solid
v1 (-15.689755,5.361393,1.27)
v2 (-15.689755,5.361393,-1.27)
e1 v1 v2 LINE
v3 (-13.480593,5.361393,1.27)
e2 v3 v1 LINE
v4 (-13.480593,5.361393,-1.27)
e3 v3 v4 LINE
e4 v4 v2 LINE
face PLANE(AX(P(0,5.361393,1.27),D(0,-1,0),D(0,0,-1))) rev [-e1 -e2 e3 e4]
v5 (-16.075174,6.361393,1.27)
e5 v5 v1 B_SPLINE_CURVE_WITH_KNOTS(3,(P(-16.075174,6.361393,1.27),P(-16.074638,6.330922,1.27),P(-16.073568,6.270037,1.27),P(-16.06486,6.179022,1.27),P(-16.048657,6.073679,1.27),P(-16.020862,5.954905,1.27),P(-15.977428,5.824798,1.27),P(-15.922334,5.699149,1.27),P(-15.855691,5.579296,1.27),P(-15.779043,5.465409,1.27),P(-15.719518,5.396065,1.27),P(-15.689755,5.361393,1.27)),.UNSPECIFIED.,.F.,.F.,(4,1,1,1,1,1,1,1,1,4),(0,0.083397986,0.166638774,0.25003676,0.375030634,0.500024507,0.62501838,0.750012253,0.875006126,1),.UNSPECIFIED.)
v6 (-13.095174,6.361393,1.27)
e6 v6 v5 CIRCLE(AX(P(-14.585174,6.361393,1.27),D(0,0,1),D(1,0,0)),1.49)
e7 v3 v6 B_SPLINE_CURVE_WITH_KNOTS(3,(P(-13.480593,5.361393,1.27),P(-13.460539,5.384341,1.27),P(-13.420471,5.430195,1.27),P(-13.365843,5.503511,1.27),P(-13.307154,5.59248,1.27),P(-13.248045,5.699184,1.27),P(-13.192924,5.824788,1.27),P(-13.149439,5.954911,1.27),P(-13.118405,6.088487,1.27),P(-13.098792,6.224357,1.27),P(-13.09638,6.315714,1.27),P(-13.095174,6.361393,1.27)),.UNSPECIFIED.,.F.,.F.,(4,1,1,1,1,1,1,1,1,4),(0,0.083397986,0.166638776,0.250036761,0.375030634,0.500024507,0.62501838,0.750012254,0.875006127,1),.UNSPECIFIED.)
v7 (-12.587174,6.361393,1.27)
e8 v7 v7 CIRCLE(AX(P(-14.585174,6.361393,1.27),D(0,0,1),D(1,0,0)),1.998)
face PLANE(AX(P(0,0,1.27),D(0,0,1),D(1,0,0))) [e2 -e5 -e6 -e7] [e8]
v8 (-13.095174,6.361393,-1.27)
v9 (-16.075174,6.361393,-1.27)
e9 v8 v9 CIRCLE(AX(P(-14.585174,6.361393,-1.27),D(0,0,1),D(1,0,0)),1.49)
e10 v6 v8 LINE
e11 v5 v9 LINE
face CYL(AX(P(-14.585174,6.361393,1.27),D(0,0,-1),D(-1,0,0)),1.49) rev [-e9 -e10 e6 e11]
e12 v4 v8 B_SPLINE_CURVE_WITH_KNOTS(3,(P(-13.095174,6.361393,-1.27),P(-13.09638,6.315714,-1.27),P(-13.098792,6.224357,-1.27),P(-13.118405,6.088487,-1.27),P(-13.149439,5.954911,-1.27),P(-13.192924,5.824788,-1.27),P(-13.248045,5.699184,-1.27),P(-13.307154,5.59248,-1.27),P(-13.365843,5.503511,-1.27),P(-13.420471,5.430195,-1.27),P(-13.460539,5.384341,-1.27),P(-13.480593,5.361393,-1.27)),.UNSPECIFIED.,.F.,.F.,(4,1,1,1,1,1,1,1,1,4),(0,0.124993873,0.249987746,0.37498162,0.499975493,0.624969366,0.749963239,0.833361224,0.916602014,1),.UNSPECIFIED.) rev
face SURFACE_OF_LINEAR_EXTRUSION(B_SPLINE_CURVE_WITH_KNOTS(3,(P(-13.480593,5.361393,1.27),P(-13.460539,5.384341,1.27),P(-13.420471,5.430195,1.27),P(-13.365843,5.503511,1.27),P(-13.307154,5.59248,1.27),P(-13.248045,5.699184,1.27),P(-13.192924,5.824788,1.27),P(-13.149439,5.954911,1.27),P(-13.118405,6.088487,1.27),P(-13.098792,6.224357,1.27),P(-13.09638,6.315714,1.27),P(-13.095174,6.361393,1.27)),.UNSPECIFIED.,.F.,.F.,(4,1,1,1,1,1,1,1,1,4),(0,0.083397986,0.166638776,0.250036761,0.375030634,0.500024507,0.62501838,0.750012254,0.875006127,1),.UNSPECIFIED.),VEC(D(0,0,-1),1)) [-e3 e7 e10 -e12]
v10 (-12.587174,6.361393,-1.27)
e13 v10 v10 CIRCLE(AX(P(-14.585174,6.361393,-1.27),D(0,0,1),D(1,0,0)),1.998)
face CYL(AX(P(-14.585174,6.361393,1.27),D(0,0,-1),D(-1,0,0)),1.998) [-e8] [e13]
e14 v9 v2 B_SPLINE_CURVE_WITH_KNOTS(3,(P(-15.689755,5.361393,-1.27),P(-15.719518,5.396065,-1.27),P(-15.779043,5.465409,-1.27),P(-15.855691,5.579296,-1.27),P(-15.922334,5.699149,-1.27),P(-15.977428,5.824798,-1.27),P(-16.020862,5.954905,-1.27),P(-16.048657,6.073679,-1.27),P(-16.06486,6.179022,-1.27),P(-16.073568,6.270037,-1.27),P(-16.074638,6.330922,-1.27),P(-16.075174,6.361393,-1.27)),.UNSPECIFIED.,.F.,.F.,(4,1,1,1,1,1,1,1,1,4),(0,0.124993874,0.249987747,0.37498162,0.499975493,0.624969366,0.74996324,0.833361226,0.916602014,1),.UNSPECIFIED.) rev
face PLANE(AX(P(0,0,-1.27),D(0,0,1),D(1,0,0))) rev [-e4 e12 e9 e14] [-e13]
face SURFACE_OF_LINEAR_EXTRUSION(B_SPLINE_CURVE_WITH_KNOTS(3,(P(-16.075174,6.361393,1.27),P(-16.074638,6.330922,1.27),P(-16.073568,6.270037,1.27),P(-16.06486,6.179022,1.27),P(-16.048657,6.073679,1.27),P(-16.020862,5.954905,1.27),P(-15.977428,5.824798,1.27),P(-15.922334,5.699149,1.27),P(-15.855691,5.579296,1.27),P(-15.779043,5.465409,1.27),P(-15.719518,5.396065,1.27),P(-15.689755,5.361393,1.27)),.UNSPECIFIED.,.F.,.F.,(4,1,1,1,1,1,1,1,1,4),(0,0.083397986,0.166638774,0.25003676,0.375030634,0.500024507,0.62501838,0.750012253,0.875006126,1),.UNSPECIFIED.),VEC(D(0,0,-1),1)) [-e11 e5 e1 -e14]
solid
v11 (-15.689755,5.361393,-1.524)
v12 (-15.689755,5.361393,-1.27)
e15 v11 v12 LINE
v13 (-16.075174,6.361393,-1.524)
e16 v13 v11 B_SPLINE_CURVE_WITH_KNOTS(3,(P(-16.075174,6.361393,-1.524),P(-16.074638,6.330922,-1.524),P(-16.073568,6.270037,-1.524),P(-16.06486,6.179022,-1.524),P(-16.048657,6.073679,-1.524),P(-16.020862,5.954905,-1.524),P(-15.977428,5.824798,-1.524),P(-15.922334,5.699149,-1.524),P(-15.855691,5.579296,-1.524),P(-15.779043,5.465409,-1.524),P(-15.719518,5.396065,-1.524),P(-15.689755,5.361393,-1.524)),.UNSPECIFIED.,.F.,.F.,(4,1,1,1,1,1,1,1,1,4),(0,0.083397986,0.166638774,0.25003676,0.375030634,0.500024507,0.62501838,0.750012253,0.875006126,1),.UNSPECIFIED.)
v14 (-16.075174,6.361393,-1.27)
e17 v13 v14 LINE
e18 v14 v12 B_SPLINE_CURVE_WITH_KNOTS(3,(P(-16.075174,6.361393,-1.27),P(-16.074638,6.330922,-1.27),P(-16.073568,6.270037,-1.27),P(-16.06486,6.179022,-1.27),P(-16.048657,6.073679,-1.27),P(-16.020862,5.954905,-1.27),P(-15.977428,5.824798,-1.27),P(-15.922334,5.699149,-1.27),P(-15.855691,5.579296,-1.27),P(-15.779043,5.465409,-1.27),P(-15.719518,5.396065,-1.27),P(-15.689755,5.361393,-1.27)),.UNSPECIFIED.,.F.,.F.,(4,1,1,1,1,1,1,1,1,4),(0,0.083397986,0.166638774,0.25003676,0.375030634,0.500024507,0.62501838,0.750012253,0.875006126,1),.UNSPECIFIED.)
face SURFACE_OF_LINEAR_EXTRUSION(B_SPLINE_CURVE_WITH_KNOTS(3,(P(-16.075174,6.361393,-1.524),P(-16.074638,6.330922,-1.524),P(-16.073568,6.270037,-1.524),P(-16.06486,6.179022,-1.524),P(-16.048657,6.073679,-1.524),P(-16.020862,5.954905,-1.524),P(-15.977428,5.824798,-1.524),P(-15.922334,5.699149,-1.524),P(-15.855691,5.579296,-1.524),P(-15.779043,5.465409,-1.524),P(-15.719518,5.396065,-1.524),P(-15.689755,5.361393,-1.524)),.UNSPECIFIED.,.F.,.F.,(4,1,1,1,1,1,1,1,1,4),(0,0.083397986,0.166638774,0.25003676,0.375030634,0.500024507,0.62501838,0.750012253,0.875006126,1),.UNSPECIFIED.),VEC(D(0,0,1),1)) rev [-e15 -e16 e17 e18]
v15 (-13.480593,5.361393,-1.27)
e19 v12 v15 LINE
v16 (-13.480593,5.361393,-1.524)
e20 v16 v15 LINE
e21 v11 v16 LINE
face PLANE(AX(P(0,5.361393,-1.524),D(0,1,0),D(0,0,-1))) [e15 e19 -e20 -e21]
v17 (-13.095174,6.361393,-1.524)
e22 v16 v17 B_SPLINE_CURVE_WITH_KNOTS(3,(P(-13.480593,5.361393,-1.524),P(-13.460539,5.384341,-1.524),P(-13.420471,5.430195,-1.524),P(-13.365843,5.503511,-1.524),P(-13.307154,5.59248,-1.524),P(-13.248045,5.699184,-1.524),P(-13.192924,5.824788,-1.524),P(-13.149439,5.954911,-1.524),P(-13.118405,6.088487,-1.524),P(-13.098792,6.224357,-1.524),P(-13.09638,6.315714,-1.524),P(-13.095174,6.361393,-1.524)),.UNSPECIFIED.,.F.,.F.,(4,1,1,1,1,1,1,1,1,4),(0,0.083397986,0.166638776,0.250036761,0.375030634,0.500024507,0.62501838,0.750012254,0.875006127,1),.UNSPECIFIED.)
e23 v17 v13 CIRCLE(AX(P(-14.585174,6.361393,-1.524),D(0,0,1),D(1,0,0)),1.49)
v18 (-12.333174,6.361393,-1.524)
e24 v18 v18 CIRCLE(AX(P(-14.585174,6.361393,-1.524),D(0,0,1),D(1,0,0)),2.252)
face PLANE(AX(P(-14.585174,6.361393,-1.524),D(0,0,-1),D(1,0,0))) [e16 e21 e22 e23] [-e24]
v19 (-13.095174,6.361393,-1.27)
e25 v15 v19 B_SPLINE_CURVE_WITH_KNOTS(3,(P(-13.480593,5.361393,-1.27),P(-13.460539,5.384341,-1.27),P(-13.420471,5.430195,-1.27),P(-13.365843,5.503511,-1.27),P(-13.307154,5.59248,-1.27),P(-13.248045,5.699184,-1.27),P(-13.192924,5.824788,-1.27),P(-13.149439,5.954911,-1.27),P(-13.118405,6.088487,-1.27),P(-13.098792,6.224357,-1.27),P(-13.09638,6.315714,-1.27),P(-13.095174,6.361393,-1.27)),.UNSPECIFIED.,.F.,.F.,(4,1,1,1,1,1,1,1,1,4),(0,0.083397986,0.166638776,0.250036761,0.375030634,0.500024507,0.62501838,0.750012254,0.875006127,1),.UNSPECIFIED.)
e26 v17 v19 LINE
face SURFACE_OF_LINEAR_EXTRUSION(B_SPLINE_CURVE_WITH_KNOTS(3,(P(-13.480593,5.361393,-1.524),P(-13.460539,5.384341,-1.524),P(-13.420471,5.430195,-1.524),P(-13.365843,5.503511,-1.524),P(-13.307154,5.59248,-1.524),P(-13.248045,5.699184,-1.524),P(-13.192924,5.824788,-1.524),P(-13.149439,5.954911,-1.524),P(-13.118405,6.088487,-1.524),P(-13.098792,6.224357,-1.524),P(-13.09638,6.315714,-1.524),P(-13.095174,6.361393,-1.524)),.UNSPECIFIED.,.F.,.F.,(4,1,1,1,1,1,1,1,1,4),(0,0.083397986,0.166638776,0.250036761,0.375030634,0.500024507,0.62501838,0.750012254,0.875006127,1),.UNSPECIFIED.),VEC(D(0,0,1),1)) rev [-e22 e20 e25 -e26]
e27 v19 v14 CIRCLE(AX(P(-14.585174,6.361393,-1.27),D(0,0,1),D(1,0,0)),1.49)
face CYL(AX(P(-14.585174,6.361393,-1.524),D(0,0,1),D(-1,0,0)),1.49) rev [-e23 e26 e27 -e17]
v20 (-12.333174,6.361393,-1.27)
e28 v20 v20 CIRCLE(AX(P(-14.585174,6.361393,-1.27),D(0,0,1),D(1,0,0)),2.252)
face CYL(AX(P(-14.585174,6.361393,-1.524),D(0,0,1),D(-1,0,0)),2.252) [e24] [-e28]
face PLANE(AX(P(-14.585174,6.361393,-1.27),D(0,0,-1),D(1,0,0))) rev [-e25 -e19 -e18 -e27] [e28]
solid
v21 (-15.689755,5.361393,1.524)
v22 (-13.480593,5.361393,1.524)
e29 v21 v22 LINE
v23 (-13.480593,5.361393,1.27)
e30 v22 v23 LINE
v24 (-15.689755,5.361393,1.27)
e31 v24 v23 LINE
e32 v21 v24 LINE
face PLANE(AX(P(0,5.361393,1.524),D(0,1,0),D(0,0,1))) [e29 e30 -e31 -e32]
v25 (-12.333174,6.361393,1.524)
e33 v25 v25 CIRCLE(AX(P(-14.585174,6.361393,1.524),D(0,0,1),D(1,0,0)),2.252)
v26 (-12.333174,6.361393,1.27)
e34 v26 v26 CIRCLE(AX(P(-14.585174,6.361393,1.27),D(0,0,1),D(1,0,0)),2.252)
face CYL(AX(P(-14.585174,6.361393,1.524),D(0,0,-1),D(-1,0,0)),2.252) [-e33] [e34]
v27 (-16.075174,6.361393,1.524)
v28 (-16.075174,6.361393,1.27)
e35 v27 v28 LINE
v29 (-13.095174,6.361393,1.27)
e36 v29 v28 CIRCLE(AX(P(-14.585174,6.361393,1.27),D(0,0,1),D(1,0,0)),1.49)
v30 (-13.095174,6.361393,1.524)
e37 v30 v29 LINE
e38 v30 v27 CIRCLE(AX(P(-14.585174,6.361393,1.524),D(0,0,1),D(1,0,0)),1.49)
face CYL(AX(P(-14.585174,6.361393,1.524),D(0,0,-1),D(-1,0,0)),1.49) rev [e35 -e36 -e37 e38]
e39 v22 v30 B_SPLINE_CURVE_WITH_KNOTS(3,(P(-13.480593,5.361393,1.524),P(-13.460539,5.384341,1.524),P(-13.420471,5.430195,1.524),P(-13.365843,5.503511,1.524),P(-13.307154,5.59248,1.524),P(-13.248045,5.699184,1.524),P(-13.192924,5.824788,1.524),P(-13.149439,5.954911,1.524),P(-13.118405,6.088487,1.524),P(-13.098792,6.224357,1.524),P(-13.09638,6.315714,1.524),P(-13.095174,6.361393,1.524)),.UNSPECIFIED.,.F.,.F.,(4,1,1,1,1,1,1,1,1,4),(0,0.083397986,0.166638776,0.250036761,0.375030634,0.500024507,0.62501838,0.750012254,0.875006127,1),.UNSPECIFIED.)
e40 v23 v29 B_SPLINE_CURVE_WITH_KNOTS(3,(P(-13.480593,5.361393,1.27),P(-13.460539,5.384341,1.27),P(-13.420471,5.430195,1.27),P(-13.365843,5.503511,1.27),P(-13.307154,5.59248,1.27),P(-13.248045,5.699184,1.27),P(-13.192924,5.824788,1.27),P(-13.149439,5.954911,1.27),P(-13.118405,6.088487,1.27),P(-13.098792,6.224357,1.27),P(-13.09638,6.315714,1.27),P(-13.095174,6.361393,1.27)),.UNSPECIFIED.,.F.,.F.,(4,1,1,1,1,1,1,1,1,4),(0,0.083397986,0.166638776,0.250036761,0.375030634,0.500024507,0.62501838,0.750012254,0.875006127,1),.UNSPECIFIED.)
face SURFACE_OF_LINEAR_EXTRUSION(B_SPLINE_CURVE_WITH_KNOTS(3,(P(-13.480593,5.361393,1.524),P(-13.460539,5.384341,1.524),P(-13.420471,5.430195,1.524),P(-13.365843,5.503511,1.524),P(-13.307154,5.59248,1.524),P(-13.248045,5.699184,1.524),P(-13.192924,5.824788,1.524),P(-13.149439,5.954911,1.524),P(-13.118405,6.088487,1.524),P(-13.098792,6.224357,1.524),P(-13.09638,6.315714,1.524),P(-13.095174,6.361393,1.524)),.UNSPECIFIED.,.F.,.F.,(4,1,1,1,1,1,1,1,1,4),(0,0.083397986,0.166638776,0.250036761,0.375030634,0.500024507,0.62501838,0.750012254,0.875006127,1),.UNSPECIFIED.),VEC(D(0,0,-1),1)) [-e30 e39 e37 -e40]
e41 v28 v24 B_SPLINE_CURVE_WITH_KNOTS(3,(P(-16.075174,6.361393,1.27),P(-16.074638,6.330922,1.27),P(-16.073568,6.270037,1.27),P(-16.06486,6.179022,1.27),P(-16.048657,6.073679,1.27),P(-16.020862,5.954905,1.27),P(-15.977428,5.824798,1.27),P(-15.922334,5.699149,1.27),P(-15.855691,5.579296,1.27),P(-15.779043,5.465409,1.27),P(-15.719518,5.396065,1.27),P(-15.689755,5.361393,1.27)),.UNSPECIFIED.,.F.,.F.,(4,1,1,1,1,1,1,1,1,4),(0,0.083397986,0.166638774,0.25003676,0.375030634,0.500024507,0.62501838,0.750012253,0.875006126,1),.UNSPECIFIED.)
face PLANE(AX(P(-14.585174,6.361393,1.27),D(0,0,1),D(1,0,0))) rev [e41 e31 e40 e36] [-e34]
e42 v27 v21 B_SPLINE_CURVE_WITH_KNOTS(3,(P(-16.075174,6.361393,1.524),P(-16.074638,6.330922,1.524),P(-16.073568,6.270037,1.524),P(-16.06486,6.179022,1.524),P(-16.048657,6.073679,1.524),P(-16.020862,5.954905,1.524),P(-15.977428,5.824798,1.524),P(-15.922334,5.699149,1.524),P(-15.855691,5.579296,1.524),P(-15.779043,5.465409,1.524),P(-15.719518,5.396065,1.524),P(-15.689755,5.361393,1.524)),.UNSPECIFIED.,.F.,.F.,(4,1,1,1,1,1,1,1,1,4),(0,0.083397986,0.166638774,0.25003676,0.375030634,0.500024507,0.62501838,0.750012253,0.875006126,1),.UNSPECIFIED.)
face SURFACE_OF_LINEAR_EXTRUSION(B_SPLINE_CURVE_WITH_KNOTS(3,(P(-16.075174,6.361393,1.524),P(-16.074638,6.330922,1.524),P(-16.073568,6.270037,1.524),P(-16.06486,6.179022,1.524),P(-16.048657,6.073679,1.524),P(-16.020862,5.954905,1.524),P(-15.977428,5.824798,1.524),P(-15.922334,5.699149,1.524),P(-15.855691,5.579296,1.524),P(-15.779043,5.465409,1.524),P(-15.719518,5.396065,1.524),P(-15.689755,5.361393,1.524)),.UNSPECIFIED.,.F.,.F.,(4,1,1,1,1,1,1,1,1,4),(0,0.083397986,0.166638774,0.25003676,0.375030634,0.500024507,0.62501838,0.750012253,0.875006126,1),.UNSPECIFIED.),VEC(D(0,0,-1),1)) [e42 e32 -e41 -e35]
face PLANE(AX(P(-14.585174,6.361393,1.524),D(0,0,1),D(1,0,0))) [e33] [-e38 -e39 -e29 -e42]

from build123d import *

# Parameters (mm, degrees)
SKETCH1_R           = 1.997999999
BOSS_EXTRUDE1_DEPTH = 1.27
BOSS_EXTRUDE2_START = 1.27
SKETCH1_5_R         = 2.251999999
BOSS_EXTRUDE2_DEPTH = 0.254


with BuildPart() as part:
    # Sketch1 → Boss-Extrude1 (new, symmetric)
    with BuildSketch(Plane.XY):
        with Locations((-14.585173992, 6.361392546)):
            Circle(SKETCH1_R)
        with BuildLine():
            Line((-13.480592623, 5.361392545), (-15.689755361, 5.361392545))
            add(Edge.make_bspline(
                [(-16.075173991, 6.361392546), (-16.074638254, 6.330921531), (-16.073567789, 6.270036937), (-16.064859774, 6.179022479), (-16.04865674, 6.073679037), (-16.020862372, 5.954905457), (-15.977427672, 5.824797796), (-15.922333529, 5.699149352), (-15.85569141, 5.579296345), (-15.779043389, 5.46540879), (-15.719518037, 5.396064627), (-15.689755361, 5.361392545)],
                knots=[0, 0, 0, 0, 0.083397986, 0.166638774, 0.25003676, 0.375030634, 0.500024507, 0.62501838, 0.750012253, 0.875006126, 1, 1, 1, 1], degree=3))
            ThreePointArc((-16.075173991, 6.361392546), (-14.585173992, 7.851392545), (-13.095173993, 6.361392546))
            add(Edge.make_bspline(
                [(-13.480592623, 5.361392545), (-13.460539436, 5.384341171), (-13.420470859, 5.430195167), (-13.365842841, 5.503511201), (-13.307154336, 5.59247995), (-13.248045319, 5.69918428), (-13.192924177, 5.824787769), (-13.14943929, 5.954910636), (-13.118404819, 6.088487495), (-13.098791679, 6.224357356), (-13.096379888, 6.315714149), (-13.095173993, 6.361392546)],
                knots=[0, 0, 0, 0, 0.083397986, 0.166638776, 0.250036761, 0.375030634, 0.500024507, 0.62501838, 0.750012254, 0.875006127, 1, 1, 1, 1], degree=3))
        make_face(mode=Mode.SUBTRACT)
    extrude(amount=BOSS_EXTRUDE1_DEPTH, both=True)


with BuildPart() as body_2:
    # Sketch1<5> → Boss-Extrude2 (new body)
    with BuildSketch(Plane.XY.offset(BOSS_EXTRUDE2_START)):
        with Locations((-14.585173992, 6.361392546)):
            Circle(SKETCH1_5_R)
        with BuildLine():
            Line((-13.480592623, 5.361392545), (-15.689755361, 5.361392545))
            add(Edge.make_bspline(
                [(-16.075173991, 6.361392546), (-16.074638254, 6.330921531), (-16.073567789, 6.270036937), (-16.064859774, 6.179022479), (-16.04865674, 6.073679037), (-16.020862372, 5.954905457), (-15.977427672, 5.824797796), (-15.922333529, 5.699149352), (-15.85569141, 5.579296345), (-15.779043389, 5.46540879), (-15.719518037, 5.396064627), (-15.689755361, 5.361392545)],
                knots=[0, 0, 0, 0, 0.083397986, 0.166638774, 0.25003676, 0.375030634, 0.500024507, 0.62501838, 0.750012253, 0.875006126, 1, 1, 1, 1], degree=3))
            ThreePointArc((-16.075173991, 6.361392546), (-14.585173992, 7.851392545), (-13.095173993, 6.361392546))
            add(Edge.make_bspline(
                [(-13.480592623, 5.361392545), (-13.460539436, 5.384341171), (-13.420470859, 5.430195167), (-13.365842841, 5.503511201), (-13.307154336, 5.59247995), (-13.248045319, 5.69918428), (-13.192924177, 5.824787769), (-13.14943929, 5.954910636), (-13.118404819, 6.088487495), (-13.098791679, 6.224357356), (-13.096379888, 6.315714149), (-13.095173993, 6.361392546)],
                knots=[0, 0, 0, 0, 0.083397986, 0.166638776, 0.250036761, 0.375030634, 0.500024507, 0.62501838, 0.750012254, 0.875006127, 1, 1, 1, 1], degree=3))
        make_face(mode=Mode.SUBTRACT)
    extrude(amount=BOSS_EXTRUDE2_DEPTH)


with BuildPart() as body_3:
    # Mirror2: mirrored copy
    add(body_2.part.mirror(Plane.XY))


solid = Compound([part.part, body_2.part, body_3.part])
